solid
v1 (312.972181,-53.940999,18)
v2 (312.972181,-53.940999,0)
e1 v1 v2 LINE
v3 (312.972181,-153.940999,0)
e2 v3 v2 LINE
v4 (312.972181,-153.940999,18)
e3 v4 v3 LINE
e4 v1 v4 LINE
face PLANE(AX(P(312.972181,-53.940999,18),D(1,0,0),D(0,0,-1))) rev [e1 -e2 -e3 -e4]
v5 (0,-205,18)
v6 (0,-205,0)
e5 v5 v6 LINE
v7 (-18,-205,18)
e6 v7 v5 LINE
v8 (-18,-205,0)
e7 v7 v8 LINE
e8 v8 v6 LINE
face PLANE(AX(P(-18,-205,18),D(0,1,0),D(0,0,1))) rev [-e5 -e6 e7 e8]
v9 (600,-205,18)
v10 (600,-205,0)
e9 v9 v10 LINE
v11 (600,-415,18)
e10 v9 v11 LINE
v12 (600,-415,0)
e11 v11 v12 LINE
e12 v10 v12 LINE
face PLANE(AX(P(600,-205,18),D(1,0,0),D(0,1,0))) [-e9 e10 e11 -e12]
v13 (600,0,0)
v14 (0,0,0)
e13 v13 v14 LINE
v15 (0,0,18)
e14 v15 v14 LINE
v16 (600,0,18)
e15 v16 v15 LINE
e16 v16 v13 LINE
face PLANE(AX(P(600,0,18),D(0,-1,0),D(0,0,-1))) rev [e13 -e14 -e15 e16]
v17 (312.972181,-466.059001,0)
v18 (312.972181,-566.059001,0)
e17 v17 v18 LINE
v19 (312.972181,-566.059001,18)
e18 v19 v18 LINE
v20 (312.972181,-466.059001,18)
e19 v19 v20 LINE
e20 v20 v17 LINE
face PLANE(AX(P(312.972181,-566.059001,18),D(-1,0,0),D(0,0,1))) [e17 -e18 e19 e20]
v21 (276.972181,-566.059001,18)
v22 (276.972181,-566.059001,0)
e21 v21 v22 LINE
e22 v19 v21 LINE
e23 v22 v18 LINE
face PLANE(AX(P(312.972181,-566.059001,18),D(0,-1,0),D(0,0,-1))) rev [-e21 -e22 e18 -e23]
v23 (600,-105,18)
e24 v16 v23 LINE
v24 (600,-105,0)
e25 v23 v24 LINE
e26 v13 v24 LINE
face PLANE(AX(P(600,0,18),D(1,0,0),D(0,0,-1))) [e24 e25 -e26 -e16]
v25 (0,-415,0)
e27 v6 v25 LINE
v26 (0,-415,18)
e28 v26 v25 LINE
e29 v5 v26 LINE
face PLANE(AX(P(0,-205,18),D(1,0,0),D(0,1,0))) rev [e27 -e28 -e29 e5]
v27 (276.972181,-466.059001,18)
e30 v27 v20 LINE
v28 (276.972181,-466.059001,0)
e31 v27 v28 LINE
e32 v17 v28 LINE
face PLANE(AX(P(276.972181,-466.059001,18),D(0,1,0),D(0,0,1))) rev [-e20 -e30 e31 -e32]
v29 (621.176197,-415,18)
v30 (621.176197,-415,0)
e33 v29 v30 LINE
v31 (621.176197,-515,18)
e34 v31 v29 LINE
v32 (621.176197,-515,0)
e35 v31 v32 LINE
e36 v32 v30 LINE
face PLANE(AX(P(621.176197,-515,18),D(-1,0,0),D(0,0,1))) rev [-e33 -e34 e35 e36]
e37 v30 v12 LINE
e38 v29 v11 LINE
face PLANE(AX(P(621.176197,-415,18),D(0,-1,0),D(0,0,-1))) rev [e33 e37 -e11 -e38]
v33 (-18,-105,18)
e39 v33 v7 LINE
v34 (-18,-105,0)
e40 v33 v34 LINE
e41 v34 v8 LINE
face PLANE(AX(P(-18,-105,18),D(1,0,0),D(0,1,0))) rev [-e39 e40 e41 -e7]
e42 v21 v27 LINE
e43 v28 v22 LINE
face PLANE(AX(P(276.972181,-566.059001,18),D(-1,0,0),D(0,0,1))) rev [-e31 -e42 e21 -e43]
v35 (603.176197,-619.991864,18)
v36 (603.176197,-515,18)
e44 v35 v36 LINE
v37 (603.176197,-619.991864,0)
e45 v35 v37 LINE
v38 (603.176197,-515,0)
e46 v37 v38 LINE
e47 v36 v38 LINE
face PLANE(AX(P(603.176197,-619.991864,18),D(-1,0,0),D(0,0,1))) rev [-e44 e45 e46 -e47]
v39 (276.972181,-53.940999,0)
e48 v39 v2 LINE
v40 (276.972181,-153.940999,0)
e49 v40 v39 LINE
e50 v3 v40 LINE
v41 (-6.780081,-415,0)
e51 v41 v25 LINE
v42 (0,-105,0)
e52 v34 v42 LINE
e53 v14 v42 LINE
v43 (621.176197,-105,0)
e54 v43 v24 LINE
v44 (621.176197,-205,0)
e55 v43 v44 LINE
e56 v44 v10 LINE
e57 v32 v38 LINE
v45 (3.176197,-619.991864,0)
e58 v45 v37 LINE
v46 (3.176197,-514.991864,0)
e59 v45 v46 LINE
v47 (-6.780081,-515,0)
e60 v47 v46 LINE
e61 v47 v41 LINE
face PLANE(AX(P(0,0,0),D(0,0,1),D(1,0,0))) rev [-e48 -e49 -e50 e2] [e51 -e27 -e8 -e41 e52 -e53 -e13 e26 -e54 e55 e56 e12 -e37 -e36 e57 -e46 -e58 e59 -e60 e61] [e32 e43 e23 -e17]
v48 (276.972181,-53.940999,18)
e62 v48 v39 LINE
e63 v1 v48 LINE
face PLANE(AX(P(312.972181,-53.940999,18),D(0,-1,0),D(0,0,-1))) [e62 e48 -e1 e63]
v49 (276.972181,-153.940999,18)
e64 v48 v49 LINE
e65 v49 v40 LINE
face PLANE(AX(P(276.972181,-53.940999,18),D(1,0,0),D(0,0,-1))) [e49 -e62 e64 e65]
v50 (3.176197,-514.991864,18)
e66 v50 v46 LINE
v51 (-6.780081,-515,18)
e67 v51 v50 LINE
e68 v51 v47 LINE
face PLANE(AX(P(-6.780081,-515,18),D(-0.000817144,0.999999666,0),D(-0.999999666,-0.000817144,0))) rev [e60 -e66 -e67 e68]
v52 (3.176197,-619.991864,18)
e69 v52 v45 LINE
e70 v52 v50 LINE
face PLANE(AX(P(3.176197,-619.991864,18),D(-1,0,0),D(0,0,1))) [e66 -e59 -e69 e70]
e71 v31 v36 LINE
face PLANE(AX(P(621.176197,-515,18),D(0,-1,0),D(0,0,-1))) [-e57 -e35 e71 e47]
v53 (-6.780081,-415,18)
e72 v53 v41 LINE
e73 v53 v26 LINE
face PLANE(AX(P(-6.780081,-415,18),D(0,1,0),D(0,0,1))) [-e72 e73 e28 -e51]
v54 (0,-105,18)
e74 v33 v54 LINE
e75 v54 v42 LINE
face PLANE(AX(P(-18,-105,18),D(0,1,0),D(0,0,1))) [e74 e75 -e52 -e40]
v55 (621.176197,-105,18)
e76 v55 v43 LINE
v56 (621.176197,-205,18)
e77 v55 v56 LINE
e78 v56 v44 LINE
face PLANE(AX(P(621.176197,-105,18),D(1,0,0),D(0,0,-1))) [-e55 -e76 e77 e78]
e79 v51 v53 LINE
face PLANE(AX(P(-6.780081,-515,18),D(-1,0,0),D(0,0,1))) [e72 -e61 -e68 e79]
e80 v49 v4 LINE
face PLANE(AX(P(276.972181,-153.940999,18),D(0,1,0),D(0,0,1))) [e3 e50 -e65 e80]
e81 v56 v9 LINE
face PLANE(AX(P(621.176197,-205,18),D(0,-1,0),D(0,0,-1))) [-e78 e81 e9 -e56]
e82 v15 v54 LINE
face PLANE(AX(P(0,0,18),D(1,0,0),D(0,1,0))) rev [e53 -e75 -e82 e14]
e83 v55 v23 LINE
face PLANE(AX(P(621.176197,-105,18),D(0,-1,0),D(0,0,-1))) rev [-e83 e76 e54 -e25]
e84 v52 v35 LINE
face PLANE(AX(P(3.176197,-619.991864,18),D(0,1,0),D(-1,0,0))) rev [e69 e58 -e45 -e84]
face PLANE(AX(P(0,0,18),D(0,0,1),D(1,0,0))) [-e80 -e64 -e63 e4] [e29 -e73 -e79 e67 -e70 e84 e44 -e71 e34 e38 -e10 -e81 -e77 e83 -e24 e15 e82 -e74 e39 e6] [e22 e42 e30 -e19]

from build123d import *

# Parameters (mm, degrees)
BOSS_EXTRUDE3_DEPTH     = 18
CUT_EXTRUDE1_DEPTH      = 878.82331891
CUT_EXTRUDE1_DEPTH_BACK = 878.82331891
SKETCH2_W               = 36
SKETCH2_H               = 100


with BuildPart() as part:
    # Sketch1 → Boss-Extrude3 (new body)
    with BuildSketch(Plane.XY):
        Polygon((0, 0), (0, -105), (-18, -105), (-18, -205), (0, -205), (0, -415), (-6.780081157, -415), (-6.780081157, -515), (3.176196781, -514.99186428), (3.176196781, -619.99186428), (603.176196781, -619.99186428), (603.176196781, -515), (621.176196781, -515), (621.176196781, -415), (600, -415), (600, -205), (621.176196781, -205), (621.176196781, -105), (600, -105), (600, 0), align=None)
    extrude(amount=BOSS_EXTRUDE3_DEPTH)

    # Sketch2 → Cut-Extrude1 (cut, two sides: drawn at the far end of the back side and taken through both)
    with BuildSketch(Plane(origin=(0, 0, 0), x_dir=(-1, 0, 0), z_dir=(0, 0, -1)).offset(-CUT_EXTRUDE1_DEPTH_BACK)):
        with Locations((-294.972181327, -103.940998789)):
            Rectangle(SKETCH2_W, SKETCH2_H)
        with Locations((-294.972181327, -516.059001211)):
            Rectangle(SKETCH2_W, SKETCH2_H)
    extrude(amount=CUT_EXTRUDE1_DEPTH + CUT_EXTRUDE1_DEPTH_BACK, mode=Mode.SUBTRACT)


solid = part.part
